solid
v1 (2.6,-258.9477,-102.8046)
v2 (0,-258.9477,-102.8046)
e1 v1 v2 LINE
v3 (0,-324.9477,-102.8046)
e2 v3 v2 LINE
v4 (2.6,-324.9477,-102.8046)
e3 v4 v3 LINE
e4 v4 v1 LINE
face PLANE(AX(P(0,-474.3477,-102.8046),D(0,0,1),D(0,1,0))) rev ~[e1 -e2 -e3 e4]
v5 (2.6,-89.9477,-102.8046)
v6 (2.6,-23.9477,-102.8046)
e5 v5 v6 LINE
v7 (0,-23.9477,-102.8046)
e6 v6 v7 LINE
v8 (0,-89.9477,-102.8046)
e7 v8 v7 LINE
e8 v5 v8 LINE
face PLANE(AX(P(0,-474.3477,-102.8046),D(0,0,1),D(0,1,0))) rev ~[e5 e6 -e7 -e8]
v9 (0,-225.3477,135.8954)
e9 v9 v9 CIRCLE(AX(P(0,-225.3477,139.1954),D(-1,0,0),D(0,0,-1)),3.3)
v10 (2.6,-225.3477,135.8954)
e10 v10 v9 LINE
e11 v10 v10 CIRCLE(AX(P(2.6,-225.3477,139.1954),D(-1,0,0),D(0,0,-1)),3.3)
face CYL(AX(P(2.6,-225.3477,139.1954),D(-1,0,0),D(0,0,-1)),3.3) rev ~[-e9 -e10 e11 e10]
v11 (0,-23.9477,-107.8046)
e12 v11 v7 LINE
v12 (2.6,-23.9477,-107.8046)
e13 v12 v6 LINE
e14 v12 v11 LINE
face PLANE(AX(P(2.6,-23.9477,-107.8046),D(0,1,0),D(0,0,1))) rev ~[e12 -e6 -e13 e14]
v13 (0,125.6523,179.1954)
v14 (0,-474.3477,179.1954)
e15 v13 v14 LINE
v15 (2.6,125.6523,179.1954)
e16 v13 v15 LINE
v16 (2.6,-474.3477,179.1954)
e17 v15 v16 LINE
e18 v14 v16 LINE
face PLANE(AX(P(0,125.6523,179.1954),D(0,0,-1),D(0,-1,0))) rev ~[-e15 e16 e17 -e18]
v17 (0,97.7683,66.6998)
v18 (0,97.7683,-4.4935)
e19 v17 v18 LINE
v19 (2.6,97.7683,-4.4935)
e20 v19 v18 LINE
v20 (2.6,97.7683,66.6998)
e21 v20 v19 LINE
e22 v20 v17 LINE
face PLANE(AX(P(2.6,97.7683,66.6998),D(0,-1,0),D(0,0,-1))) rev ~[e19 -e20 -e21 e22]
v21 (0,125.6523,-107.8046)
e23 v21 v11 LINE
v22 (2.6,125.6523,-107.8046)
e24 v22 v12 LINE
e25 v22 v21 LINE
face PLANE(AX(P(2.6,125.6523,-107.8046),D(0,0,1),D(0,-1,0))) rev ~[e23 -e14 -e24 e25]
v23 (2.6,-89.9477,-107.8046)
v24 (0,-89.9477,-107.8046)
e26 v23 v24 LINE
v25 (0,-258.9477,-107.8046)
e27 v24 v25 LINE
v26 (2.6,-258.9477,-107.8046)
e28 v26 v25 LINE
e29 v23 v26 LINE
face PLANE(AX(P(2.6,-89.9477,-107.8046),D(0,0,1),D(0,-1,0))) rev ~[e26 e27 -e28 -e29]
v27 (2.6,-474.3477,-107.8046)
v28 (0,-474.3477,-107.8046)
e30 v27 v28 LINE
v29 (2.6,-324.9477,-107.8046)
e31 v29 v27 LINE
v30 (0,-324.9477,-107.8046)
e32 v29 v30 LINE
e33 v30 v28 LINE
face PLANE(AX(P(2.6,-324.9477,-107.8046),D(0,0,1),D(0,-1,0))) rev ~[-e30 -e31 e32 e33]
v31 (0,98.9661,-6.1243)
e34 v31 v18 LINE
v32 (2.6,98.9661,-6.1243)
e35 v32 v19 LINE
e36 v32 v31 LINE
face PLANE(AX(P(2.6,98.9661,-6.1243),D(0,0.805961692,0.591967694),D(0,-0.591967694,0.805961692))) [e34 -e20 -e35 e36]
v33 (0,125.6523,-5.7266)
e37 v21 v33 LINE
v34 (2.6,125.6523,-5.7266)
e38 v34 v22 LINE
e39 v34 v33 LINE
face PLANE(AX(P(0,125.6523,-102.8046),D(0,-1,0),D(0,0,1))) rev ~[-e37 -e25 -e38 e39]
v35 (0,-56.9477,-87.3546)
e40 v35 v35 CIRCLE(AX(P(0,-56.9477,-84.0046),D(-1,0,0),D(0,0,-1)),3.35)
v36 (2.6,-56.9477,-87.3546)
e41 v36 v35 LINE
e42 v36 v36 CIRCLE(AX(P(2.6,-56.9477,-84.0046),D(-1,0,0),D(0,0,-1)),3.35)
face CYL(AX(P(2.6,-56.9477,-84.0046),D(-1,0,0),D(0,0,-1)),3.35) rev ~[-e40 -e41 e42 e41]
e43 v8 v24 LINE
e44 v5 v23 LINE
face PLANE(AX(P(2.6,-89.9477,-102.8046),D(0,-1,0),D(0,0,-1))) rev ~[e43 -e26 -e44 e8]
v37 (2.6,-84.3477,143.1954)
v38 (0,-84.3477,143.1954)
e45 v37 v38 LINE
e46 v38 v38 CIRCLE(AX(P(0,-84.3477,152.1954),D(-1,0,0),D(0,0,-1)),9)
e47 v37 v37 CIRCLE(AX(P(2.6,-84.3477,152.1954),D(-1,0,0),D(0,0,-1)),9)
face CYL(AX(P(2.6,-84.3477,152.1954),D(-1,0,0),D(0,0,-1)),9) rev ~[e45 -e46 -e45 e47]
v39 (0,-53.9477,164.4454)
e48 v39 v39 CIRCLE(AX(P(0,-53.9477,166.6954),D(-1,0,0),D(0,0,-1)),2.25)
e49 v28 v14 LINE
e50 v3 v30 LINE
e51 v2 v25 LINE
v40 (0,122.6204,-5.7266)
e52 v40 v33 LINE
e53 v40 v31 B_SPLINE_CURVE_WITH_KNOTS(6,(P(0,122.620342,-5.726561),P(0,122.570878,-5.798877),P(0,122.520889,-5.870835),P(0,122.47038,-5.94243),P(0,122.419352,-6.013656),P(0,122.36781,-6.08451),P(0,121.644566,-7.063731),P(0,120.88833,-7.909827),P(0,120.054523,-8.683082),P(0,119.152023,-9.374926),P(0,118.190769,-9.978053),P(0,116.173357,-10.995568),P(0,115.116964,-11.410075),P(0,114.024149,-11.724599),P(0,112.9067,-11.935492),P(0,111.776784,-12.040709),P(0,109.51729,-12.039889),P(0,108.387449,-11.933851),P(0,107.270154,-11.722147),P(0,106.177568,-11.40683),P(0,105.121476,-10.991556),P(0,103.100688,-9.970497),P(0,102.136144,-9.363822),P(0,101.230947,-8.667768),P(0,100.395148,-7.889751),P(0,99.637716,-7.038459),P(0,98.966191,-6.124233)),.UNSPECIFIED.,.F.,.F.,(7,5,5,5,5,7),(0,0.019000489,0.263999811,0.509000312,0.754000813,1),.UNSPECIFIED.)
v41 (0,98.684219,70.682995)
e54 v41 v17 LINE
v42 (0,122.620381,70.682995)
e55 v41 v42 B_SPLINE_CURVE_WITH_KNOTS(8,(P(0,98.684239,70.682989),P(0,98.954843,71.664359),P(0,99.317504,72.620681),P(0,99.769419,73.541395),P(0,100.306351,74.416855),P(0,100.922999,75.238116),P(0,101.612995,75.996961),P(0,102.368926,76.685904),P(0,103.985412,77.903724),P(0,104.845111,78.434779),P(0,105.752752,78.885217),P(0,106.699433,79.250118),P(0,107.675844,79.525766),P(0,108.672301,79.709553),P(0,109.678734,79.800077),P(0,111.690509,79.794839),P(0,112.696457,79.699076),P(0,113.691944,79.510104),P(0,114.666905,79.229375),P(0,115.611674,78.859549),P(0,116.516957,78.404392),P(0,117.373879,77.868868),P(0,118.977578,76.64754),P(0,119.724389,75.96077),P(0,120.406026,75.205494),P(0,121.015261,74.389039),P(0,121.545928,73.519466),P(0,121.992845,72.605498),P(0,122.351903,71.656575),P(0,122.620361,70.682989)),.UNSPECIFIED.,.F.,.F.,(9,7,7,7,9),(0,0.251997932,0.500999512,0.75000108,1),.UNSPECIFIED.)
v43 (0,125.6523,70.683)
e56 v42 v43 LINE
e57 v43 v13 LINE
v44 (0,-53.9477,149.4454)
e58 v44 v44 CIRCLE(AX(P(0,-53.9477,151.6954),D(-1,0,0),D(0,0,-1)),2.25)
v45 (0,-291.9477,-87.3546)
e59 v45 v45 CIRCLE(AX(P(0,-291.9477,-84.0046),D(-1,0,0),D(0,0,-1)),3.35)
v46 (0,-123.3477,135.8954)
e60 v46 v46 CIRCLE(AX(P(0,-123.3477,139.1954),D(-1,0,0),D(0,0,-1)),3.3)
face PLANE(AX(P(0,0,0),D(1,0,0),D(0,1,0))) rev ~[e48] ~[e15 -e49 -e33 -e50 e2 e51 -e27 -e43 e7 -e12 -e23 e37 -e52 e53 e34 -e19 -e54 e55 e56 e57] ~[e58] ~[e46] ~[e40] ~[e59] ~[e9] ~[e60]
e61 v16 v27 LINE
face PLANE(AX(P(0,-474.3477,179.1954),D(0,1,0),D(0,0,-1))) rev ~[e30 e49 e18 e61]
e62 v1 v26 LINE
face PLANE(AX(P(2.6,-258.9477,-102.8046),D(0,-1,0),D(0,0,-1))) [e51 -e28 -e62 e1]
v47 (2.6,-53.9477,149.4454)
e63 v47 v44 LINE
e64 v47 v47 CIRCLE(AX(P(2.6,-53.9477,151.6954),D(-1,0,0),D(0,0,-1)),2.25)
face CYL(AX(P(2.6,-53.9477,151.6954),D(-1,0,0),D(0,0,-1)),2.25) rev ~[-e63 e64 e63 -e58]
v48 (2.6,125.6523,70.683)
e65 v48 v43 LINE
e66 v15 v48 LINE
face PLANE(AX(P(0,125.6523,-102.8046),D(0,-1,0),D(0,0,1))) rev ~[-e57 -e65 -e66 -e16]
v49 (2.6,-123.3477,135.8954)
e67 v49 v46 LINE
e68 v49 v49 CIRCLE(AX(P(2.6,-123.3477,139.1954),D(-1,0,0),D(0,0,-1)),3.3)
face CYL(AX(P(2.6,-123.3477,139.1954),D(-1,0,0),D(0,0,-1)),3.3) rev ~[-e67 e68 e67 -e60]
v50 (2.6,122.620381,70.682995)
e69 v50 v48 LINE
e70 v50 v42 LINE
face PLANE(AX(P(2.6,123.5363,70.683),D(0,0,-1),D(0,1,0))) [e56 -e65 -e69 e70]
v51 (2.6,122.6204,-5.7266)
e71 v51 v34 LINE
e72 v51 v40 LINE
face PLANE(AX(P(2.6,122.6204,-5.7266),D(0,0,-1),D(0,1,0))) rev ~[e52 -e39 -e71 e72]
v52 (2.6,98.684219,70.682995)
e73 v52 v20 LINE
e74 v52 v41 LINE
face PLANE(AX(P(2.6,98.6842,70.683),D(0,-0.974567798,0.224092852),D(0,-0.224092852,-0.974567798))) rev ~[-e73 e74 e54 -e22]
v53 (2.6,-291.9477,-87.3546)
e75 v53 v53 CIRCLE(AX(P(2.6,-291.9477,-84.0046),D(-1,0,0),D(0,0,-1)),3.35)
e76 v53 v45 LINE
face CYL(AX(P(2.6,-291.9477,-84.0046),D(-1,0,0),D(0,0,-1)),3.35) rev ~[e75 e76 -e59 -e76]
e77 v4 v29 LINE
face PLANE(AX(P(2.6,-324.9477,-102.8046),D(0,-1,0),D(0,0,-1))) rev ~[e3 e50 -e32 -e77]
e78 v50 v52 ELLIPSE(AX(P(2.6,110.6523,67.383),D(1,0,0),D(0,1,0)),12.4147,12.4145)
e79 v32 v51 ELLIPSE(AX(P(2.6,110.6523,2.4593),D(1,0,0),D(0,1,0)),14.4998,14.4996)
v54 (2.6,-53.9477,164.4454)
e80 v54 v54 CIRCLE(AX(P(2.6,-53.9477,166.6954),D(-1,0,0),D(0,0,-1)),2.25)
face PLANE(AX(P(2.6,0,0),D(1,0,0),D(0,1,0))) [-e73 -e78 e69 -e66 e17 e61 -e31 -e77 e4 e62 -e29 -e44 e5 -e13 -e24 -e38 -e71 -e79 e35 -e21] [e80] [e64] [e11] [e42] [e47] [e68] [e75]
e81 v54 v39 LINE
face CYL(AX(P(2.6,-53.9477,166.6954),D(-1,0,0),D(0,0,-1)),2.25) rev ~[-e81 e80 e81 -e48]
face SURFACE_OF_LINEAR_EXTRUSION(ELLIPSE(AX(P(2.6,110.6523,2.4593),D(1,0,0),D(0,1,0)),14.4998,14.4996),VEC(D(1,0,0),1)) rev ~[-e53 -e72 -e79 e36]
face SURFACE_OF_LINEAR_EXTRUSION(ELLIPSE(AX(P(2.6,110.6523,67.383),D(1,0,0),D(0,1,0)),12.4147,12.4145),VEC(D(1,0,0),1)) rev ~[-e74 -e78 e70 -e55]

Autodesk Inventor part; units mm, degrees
ref_plane "YZ Plane" through (0, 0, 0) normal (1, 0, 0) x (0, 1, 0)
ref_plane "XZ Plane" through (0, 0, 0) normal (0, 1, 0) x (-1, 0, 0)
ref_plane "XY Plane" through (0, 0, 0) normal (0, 0, 1) x (1, 0, 0)
sketch "スケッチ1" plane through (0, 0, 0) normal (1, 0, 0) x (0, 1, 0)
  line L0 (125.6523, 179.1954) -> (-474.3477, 179.1954)
  line L1 (-474.3477, 179.1954) -> (-474.3477, -102.8046)
  line L2 (-474.3477, -102.8046) -> (125.6523, -102.8046)
  line L3 (125.6523, -102.8046) -> (125.6523, 179.1954)
  dimension "d0" = 600
  dimension "d1" = 282
extrude "押し出し1" add sketch "スケッチ1" along normal blind 2.6
sketch "スケッチ4" plane through (2.6, 0, 0) normal (1, 0, 0) x (0, 0, -1)
  line L0 (102.8046, 125.6523) -> (-179.1954, 125.6523) projected
  line L1 (-179.1954, 125.6523) -> (-179.1954, -474.3477) projected
  point P0 (0, 0)
  point P1 (-139.1954, -225.3477)
  point P2 (-139.1954, -123.3477)
  dimension "d19" = 102
  dimension "d20" = 249
  dimension "d21" = 40
  dimension "d22" = 40
hole "穴2" at (2.6, -225.3477, 139.1954) at (2.6, -123.3477, 139.1954) direction (-1, 0, 0) diameter 6.6 end through all
sketch "スケッチ5" plane through (2.6, 0, 0) normal (1, 0, 0) x (0, 0, -1)
  line L0 (-179.1954, 125.6523) -> (-179.1954, -474.3477) projected
  line L1 (102.8046, 125.6523) -> (-179.1954, 125.6523) projected
  point P0 (-152.1954, -84.3477)
  dimension "d30" = 27
  dimension "d31" = 210
hole "穴3" at (2.6, -84.3477, 152.1954) direction (-1, 0, 0) diameter 18 end through all
sketch "スケッチ6" plane through (2.6, 0, 0) normal (1, 0, 0) x (0, 0, -1)
  line L0 (-179.1954, 125.6523) -> (-179.1954, -474.3477) projected
  circle A0 centre (-152.1954, -84.3477) radius 9 projected
  point P0 (0, 0)
  point P1 (-166.6954, -53.9477)
  point P2 (-151.6954, -53.9477)
  dimension "d39" = 12.5
  dimension "d40" = 27.5
  dimension "d41" = 30.4
  dimension "d42" = 30.4
hole "穴4" at (2.6, -53.9477, 166.6954) at (2.6, -53.9477, 151.6954) direction (-1, 0, 0) diameter 4.5 end through all
sketch "スケッチ7" plane through (2.6, 0, 0) normal (1, 0, 0) x (0, 0, -1)
  line L0 (102.8046, 125.6523) -> (-179.1954, 125.6523) projected
  line L1 (102.8046, -474.3477) -> (102.8046, 125.6523) projected
  line L2 (-179.1954, -474.3477) -> (102.8046, -474.3477) projected
  point P0 (0, 0)
  point P1 (84.0046, -56.9477)
  point P2 (84.0046, -291.9477)
  dimension "d50" = 182.6
  dimension "d51" = 18.8
  dimension "d52" = 18.8
  dimension "d53" = 182.4
hole "穴5" at (2.6, -56.9477, -84.0046) at (2.6, -291.9477, -84.0046) direction (-1, 0, 0) diameter 6.7 end through all
sketch "スケッチ8" plane through (2.6, 0, 0) normal (1, 0, 0) x (0, 0, -1)
  line L0 (102.8046, -474.3477) -> (102.8046, 125.6523) projected
  line L1 (102.8046, 125.6523) -> (107.8046, 125.6523)
  line L2 (117.7603, -23.9477) -> (102.8046, -23.9477)
  line L3 (102.8046, -89.9477) -> (117.7603, -89.9477)
  line L4 (107.8046, 125.6523) -> (107.8046, -474.3477)
  line L5 (107.8046, -474.3477) -> (102.8046, -474.3477)
  line L6 (102.8046, -258.9477) -> (107.8046, -258.9477)
  line L7 (102.8046, -324.9477) -> (107.8046, -324.9477)
  circle A0 centre (84.0046, -56.9477) radius 3.35 projected
  circle A1 centre (84.0046, -291.9477) radius 3.35 projected
  point P0 (0, 0)
  point P1 (107.8046, -23.9477)
  point P2 (107.8046, -89.9477)
  dimension "d61" = 5
  dimension "d62" = 33
  dimension "d63" = 33
  dimension "d64" = 33
  dimension "d65" = 33
extrude "押し出し3" add sketch "スケッチ8" against normal blind 2.6 contours L0 L7 L4 L5 | L0 L3 L4 L6 | L0 L1 L4 L2
sketch "スケッチ9" plane through (2.6, 0, 0) normal (1, 0, 0) x (0, 0, -1)
  ellipse E0 centre (-2.4593, 110.6523) end of major axis (-2.4593, 125.1521) minor radius 14.4996 (5.606, 98.6026) -> (5.606, 122.702) ccw
  line L0 (4.4935, 123.5363) -> (-99.9579, 123.5363) projected
  line L1 (-99.9579, 97.7683) -> (4.4935, 97.7683) projected
  ellipse E1 centre (-67.383, 110.6523) end of major axis (-67.383, 123.067) minor radius 12.4145 (-70.683, 122.6204) -> (-70.683, 98.6842) ccw projected
  line L2 (-70.683, 122.6204) -> (-70.683, 125.6523)
  line L3 (102.8046, 125.6523) -> (-179.1954, 125.6523) projected
  line L4 (5.7266, 122.6204) -> (5.7266, 125.6523)
  line L5 (5.7266, 125.6523) -> (-70.683, 125.6523)
  line L6 (6.1243, 98.9661) -> (4.4935, 97.7683)
  line L7 (-70.683, 98.6842) -> (-66.6998, 97.7683)
  point P0 (0, 0)
extrude "押し出し4" cut sketch "スケッチ9" against normal blind 3
properties part number "lc_box_side" material "ポリカーボネート、クリア"
